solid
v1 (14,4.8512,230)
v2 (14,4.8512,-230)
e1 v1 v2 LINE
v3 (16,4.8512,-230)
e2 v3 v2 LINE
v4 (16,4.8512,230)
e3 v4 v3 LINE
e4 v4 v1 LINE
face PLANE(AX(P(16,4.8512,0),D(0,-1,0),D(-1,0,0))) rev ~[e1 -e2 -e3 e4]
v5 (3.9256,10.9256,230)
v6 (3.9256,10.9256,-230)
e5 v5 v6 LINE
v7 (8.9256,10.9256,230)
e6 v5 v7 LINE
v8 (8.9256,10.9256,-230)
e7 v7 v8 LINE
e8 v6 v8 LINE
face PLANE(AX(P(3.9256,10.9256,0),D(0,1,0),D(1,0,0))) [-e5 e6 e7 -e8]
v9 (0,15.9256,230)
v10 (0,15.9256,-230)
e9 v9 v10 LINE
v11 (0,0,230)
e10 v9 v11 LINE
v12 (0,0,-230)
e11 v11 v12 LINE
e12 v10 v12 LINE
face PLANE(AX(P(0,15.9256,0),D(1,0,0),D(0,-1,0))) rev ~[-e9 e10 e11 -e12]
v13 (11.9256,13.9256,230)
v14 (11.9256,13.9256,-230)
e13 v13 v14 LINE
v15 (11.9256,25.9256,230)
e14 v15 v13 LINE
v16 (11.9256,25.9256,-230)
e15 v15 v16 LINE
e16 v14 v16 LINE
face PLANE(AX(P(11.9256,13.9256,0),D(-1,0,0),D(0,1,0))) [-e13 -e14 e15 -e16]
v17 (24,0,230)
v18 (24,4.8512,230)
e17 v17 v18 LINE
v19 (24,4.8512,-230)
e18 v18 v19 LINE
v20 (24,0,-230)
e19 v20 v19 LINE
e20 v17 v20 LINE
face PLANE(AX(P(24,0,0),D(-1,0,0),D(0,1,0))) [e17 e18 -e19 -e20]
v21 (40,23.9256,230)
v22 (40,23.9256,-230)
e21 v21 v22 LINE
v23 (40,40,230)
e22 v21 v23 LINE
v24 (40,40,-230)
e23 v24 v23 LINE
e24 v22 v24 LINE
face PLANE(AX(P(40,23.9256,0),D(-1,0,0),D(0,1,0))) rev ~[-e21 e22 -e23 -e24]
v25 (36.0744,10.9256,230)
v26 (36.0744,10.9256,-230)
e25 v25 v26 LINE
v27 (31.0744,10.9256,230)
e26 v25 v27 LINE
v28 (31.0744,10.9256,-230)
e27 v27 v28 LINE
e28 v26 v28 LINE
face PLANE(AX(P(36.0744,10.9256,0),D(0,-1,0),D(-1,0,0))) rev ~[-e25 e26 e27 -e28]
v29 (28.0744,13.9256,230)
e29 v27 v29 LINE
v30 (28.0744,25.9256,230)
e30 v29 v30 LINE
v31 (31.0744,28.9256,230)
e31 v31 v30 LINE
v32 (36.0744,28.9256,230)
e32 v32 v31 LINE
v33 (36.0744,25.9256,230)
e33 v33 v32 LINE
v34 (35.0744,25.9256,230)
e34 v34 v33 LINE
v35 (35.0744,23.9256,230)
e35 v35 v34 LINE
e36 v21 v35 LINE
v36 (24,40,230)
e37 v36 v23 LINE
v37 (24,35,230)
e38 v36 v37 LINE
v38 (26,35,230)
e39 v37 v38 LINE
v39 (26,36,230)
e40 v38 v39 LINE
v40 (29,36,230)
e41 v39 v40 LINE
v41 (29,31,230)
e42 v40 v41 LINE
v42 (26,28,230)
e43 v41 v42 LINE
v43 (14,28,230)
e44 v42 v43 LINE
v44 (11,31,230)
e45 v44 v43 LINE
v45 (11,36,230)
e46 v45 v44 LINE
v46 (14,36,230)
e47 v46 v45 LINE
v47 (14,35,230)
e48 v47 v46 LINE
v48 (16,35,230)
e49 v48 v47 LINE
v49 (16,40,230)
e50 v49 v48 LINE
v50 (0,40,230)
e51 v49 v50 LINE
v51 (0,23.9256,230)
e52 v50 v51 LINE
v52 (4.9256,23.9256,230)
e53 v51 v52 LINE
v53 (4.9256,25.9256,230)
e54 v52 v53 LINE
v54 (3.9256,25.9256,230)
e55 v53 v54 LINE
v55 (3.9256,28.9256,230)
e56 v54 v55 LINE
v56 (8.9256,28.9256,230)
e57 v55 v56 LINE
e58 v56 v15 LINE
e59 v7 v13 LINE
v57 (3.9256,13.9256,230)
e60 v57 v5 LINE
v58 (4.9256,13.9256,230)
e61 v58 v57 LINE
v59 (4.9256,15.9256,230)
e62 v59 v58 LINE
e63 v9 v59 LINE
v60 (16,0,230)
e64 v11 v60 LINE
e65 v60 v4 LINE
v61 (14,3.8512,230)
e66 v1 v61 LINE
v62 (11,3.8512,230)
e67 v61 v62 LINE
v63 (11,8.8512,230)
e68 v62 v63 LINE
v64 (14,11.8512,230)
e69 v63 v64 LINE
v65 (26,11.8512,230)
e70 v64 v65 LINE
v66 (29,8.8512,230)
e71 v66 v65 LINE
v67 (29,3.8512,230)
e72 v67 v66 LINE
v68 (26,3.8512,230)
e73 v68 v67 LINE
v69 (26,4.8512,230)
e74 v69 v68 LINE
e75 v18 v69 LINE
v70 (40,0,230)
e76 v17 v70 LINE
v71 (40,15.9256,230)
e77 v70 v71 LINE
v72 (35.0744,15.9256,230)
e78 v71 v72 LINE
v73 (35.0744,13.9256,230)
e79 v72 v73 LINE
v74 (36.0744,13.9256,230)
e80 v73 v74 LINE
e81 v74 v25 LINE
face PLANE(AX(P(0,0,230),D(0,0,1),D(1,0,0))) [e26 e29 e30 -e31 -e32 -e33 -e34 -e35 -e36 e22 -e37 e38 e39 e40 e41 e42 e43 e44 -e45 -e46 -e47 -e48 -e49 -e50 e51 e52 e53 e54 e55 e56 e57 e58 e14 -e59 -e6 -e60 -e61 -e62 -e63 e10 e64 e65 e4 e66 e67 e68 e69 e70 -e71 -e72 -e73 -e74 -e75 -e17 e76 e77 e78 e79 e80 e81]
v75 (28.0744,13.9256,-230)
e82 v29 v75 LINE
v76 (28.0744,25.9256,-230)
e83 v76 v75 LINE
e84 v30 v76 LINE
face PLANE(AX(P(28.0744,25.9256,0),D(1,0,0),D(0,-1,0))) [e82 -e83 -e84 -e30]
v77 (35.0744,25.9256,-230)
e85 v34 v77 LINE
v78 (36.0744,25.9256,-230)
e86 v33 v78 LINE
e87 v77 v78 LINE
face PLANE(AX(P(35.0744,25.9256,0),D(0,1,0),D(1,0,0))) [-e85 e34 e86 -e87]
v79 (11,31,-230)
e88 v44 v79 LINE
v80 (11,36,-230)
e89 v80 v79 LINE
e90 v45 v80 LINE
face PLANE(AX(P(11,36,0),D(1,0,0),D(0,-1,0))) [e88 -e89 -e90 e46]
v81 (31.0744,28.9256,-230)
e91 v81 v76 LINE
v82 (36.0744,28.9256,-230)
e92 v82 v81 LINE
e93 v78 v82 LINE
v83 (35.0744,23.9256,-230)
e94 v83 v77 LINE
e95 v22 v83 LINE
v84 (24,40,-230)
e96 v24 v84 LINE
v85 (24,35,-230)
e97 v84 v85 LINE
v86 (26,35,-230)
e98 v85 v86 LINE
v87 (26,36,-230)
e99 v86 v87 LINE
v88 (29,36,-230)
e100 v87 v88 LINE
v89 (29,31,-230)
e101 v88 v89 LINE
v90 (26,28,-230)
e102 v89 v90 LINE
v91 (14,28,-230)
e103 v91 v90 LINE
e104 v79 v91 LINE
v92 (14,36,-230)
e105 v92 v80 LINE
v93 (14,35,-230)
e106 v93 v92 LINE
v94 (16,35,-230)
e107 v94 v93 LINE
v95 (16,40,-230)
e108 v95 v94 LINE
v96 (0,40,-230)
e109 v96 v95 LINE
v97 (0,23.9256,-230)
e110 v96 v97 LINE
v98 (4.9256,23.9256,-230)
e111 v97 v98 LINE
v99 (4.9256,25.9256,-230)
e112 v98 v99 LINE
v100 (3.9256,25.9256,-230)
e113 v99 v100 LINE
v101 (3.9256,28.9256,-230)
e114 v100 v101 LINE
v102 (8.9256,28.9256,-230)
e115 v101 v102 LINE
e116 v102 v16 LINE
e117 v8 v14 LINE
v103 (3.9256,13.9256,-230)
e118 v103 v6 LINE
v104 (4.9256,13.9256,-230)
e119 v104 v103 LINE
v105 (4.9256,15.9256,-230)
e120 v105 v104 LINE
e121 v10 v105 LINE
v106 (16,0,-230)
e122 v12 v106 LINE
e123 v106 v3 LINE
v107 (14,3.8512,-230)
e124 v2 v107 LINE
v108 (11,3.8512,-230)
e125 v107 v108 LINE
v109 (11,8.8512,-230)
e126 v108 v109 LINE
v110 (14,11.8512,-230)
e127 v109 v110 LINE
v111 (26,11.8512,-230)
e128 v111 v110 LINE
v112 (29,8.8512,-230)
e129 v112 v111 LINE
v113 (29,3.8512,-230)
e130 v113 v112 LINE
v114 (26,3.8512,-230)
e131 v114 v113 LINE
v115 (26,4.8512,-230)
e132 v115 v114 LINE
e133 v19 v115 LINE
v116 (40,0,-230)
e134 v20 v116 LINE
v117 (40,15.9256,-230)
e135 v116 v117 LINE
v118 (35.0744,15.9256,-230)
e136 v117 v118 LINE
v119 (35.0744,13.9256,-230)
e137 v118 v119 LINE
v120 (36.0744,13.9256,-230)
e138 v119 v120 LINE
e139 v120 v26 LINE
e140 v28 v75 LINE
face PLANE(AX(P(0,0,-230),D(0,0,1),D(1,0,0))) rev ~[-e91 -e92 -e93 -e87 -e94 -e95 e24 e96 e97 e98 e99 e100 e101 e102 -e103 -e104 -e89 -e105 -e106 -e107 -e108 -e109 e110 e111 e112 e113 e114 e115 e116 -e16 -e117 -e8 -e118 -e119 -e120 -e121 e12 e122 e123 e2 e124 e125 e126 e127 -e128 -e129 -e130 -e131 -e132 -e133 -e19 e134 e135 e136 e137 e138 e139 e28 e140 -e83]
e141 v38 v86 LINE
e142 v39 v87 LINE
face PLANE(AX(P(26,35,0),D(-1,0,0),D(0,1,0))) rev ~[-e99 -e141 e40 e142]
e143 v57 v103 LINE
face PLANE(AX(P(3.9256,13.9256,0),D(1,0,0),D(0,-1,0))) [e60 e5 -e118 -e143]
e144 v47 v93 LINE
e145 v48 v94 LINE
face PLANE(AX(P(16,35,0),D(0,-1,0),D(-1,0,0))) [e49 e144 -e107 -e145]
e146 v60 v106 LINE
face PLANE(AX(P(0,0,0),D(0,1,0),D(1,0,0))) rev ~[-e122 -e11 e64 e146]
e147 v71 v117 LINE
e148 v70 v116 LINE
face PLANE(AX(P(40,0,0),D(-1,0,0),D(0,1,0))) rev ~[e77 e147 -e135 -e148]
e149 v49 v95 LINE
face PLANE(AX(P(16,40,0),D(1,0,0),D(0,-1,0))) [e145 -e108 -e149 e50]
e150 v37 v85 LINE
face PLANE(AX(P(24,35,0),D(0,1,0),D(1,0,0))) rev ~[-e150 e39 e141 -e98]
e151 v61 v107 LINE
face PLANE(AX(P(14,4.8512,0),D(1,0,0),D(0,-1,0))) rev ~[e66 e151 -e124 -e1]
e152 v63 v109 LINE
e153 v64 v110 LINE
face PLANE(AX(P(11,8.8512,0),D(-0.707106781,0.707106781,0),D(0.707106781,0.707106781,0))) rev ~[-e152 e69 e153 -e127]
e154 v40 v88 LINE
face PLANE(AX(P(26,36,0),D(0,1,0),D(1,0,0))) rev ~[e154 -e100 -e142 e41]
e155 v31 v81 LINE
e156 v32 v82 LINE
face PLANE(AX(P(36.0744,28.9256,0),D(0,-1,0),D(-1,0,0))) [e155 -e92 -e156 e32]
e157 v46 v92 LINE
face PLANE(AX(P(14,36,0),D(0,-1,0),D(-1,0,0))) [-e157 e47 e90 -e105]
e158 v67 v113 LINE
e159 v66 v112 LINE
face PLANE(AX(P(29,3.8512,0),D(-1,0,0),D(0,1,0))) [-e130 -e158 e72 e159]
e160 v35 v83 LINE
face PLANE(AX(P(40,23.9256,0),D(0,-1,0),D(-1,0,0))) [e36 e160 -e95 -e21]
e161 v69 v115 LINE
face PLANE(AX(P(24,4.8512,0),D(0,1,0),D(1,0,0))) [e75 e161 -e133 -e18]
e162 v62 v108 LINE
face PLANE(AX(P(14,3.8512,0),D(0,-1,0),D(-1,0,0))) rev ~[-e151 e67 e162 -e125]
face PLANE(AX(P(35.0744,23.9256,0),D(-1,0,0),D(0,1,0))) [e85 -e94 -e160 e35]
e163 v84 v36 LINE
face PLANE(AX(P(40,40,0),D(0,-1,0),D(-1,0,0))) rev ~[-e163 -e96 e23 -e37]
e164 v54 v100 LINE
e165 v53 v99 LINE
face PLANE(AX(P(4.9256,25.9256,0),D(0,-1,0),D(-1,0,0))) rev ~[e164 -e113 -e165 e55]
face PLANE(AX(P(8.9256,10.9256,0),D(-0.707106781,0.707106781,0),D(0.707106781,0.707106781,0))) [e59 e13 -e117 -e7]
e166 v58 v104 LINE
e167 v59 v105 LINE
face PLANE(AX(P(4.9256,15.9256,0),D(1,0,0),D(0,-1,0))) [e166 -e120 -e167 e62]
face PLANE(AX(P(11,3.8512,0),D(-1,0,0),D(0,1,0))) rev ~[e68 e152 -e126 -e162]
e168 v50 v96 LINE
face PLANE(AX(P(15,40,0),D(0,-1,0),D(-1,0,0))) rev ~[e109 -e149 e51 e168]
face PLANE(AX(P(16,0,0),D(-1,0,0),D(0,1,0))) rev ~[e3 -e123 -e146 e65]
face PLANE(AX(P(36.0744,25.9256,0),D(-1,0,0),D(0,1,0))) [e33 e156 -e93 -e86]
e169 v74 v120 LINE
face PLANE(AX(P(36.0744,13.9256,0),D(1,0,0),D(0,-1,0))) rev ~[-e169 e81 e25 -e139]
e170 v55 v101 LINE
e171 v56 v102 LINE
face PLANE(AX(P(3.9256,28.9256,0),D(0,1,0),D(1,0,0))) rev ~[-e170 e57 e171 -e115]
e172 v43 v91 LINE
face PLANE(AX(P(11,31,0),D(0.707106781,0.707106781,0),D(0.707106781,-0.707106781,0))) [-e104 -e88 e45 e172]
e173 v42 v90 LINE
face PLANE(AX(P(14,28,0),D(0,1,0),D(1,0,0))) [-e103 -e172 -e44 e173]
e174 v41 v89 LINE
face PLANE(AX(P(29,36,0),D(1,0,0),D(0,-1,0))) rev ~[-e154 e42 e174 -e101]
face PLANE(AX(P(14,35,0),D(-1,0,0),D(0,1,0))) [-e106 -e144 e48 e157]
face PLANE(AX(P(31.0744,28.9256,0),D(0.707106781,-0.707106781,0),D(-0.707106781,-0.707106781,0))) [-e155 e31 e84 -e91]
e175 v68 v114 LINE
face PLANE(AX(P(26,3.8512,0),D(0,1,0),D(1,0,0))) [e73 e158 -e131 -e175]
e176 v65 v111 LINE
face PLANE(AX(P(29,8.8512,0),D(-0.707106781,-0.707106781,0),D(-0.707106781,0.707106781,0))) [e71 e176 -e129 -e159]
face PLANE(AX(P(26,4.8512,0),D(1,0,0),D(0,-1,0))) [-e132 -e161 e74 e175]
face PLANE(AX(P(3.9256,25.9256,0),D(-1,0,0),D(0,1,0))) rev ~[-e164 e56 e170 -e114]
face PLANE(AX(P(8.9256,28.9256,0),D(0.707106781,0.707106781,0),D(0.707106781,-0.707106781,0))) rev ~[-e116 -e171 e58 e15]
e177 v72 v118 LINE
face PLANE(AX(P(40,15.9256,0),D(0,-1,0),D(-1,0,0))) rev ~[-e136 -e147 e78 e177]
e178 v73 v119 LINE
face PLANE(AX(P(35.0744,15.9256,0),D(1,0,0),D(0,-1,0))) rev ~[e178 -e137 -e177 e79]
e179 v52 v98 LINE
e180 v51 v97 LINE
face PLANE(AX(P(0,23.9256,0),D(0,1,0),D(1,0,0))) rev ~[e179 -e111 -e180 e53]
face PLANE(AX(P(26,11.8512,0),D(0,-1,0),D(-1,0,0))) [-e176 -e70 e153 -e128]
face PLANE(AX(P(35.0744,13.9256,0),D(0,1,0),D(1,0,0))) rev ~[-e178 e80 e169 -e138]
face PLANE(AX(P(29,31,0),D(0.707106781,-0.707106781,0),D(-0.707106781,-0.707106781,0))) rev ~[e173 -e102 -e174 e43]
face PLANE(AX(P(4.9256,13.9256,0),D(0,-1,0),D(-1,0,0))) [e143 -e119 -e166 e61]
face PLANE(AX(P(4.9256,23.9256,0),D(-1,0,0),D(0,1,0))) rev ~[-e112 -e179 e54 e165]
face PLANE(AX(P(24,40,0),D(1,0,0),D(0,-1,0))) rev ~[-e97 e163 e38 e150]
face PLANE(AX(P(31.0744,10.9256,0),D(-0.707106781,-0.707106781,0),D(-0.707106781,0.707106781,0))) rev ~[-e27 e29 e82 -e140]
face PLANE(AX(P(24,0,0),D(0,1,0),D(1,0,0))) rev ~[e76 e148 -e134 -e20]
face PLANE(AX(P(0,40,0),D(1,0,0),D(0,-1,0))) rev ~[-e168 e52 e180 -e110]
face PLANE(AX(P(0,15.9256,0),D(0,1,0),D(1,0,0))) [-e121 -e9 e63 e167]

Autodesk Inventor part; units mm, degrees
ref_plane "YZ Plane" through (0, 0, 0) normal (1, 0, 0) x (0, 1, 0)
ref_plane "XZ Plane" through (0, 0, 0) normal (0, 1, 0) x (-1, 0, 0)
ref_plane "XY Plane" through (0, 0, 0) normal (0, 0, 1) x (1, 0, 0)
sketch "스케치1" plane through (0, 0, 0) normal (0, 0, 1) x (1, 0, 0)
  line L0 (40, 40) -> (25, 40)
  line L1 (15, 40) -> (0, 40)
  line L2 (16, 40) -> (16, 35)
  line L3 (16, 35) -> (14, 35)
  line L4 (14, 35) -> (14, 36)
  line L5 (14, 36) -> (11, 36)
  line L6 (11, 36) -> (11, 31)
  line L7 (11, 31) -> (14, 28)
  line L8 (11, 31) -> (20.81, 31) construction
  line L9 (14, 28) -> (20, 28)
  line L10 (24, 40) -> (24, 35)
  line L11 (24, 35) -> (26, 35)
  line L12 (26, 35) -> (26, 36)
  line L13 (26, 36) -> (29, 36)
  line L14 (29, 36) -> (29, 31)
  line L15 (29, 31) -> (26, 28)
  line L16 (29, 31) -> (19.19, 31) construction
  line L17 (26, 28) -> (20, 28)
  line L18 (-0.0744, 15.9256) -> (4.9256, 15.9256)
  line L19 (-0.0744, 23.9256) -> (4.9256, 23.9256)
  line L20 (4.9256, 23.9256) -> (4.9256, 25.9256)
  line L21 (11.9256, 25.9256) -> (11.9256, 19.9256)
  line L22 (8.9256, 28.9256) -> (8.9256, 19.1155) construction
  line L23 (8.9256, 28.9256) -> (11.9256, 25.9256)
  line L24 (3.9256, 28.9256) -> (8.9256, 28.9256)
  line L25 (3.9256, 25.9256) -> (3.9256, 28.9256)
  line L26 (4.9256, 25.9256) -> (3.9256, 25.9256)
  line L27 (4.9256, 15.9256) -> (4.9256, 13.9256)
  line L28 (11.9256, 13.9256) -> (11.9256, 19.9256)
  line L29 (4.9256, 13.9256) -> (3.9256, 13.9256)
  line L30 (8.9256, 10.9256) -> (11.9256, 13.9256)
  line L31 (8.9256, 10.9256) -> (8.9256, 20.7356) construction
  line L32 (3.9256, 13.9256) -> (3.9256, 10.9256)
  line L33 (3.9256, 10.9256) -> (8.9256, 10.9256)
  line L34 (24, -0.1488) -> (24, 4.8512)
  line L35 (16, -0.1488) -> (16, 4.8512)
  line L36 (16, 4.8512) -> (14, 4.8512)
  line L37 (14, 11.8512) -> (20, 11.8512)
  line L38 (11, 8.8512) -> (20.81, 8.8512) construction
  line L39 (11, 8.8512) -> (14, 11.8512)
  line L40 (11, 3.8512) -> (11, 8.8512)
  line L41 (14, 3.8512) -> (11, 3.8512)
  line L42 (14, 4.8512) -> (14, 3.8512)
  line L43 (24, 4.8512) -> (26, 4.8512)
  line L44 (26, 11.8512) -> (20, 11.8512)
  line L45 (26, 4.8512) -> (26, 3.8512)
  line L46 (29, 8.8512) -> (26, 11.8512)
  line L47 (29, 8.8512) -> (19.19, 8.8512) construction
  line L48 (26, 3.8512) -> (29, 3.8512)
  line L49 (29, 3.8512) -> (29, 8.8512)
  line L50 (40.0744, 23.9256) -> (35.0744, 23.9256)
  line L51 (40.0744, 15.9256) -> (35.0744, 15.9256)
  line L52 (35.0744, 15.9256) -> (35.0744, 13.9256)
  line L53 (28.0744, 13.9256) -> (28.0744, 19.9256)
  line L54 (31.0744, 10.9256) -> (31.0744, 20.7356) construction
  line L55 (31.0744, 10.9256) -> (28.0744, 13.9256)
  line L56 (36.0744, 10.9256) -> (31.0744, 10.9256)
  line L57 (36.0744, 13.9256) -> (36.0744, 10.9256)
  line L58 (35.0744, 13.9256) -> (36.0744, 13.9256)
  line L59 (35.0744, 23.9256) -> (35.0744, 25.9256)
  line L60 (28.0744, 25.9256) -> (28.0744, 19.9256)
  line L61 (35.0744, 25.9256) -> (36.0744, 25.9256)
  line L62 (31.0744, 28.9256) -> (28.0744, 25.9256)
  line L63 (31.0744, 28.9256) -> (31.0744, 19.1155) construction
  line L64 (36.0744, 25.9256) -> (36.0744, 28.9256)
  line L65 (36.0744, 28.9256) -> (31.0744, 28.9256)
  line L66 (11, 20) -> (11.9256, 20)
  line L67 (28.0744, 20) -> (29, 20)
  line L68 (20, 3.8512) -> (20, 4.8512)
  line L69 (20, 35) -> (20, 36)
  line L70 (15, 40) -> (16, 40)
  line L71 (24, 40) -> (25, 40)
  line L72 (0, 40) -> (0, 23.9256)
  line L73 (0, 15.9256) -> (0, 0)
  line L74 (40, 0) -> (40, 15.9256)
  line L75 (40, 23.9256) -> (40, 40)
  line L76 (0, 0) -> (16, 0)
  line L77 (24, 0) -> (40, 0)
  point P0 (25, 38)
  point P1 (20, 19.9256)
  point P2 (15, 35)
  point P3 (25, 35)
  point P4 (4.9256, 24.9256)
  point P5 (4.9256, 14.9256)
  point P6 (15, 4.8512)
  point P7 (25, 4.8512)
  point P8 (35.0744, 14.9256)
  point P9 (35.0744, 24.9256)
  dimension "d0" = 40
  dimension "d1" = 40
  dimension "d14" = 2
  dimension "d15" = 5
  dimension "d16" = 1
  dimension "d17" = 3
  dimension "d18" = 5
  dimension "d19" = 45
  dimension "d21" = 7
  dimension "d24" = 360
extrude "돌출1" add sketch "스케치1" along normal mid plane 460
properties part number "46" material "철, 회색"
